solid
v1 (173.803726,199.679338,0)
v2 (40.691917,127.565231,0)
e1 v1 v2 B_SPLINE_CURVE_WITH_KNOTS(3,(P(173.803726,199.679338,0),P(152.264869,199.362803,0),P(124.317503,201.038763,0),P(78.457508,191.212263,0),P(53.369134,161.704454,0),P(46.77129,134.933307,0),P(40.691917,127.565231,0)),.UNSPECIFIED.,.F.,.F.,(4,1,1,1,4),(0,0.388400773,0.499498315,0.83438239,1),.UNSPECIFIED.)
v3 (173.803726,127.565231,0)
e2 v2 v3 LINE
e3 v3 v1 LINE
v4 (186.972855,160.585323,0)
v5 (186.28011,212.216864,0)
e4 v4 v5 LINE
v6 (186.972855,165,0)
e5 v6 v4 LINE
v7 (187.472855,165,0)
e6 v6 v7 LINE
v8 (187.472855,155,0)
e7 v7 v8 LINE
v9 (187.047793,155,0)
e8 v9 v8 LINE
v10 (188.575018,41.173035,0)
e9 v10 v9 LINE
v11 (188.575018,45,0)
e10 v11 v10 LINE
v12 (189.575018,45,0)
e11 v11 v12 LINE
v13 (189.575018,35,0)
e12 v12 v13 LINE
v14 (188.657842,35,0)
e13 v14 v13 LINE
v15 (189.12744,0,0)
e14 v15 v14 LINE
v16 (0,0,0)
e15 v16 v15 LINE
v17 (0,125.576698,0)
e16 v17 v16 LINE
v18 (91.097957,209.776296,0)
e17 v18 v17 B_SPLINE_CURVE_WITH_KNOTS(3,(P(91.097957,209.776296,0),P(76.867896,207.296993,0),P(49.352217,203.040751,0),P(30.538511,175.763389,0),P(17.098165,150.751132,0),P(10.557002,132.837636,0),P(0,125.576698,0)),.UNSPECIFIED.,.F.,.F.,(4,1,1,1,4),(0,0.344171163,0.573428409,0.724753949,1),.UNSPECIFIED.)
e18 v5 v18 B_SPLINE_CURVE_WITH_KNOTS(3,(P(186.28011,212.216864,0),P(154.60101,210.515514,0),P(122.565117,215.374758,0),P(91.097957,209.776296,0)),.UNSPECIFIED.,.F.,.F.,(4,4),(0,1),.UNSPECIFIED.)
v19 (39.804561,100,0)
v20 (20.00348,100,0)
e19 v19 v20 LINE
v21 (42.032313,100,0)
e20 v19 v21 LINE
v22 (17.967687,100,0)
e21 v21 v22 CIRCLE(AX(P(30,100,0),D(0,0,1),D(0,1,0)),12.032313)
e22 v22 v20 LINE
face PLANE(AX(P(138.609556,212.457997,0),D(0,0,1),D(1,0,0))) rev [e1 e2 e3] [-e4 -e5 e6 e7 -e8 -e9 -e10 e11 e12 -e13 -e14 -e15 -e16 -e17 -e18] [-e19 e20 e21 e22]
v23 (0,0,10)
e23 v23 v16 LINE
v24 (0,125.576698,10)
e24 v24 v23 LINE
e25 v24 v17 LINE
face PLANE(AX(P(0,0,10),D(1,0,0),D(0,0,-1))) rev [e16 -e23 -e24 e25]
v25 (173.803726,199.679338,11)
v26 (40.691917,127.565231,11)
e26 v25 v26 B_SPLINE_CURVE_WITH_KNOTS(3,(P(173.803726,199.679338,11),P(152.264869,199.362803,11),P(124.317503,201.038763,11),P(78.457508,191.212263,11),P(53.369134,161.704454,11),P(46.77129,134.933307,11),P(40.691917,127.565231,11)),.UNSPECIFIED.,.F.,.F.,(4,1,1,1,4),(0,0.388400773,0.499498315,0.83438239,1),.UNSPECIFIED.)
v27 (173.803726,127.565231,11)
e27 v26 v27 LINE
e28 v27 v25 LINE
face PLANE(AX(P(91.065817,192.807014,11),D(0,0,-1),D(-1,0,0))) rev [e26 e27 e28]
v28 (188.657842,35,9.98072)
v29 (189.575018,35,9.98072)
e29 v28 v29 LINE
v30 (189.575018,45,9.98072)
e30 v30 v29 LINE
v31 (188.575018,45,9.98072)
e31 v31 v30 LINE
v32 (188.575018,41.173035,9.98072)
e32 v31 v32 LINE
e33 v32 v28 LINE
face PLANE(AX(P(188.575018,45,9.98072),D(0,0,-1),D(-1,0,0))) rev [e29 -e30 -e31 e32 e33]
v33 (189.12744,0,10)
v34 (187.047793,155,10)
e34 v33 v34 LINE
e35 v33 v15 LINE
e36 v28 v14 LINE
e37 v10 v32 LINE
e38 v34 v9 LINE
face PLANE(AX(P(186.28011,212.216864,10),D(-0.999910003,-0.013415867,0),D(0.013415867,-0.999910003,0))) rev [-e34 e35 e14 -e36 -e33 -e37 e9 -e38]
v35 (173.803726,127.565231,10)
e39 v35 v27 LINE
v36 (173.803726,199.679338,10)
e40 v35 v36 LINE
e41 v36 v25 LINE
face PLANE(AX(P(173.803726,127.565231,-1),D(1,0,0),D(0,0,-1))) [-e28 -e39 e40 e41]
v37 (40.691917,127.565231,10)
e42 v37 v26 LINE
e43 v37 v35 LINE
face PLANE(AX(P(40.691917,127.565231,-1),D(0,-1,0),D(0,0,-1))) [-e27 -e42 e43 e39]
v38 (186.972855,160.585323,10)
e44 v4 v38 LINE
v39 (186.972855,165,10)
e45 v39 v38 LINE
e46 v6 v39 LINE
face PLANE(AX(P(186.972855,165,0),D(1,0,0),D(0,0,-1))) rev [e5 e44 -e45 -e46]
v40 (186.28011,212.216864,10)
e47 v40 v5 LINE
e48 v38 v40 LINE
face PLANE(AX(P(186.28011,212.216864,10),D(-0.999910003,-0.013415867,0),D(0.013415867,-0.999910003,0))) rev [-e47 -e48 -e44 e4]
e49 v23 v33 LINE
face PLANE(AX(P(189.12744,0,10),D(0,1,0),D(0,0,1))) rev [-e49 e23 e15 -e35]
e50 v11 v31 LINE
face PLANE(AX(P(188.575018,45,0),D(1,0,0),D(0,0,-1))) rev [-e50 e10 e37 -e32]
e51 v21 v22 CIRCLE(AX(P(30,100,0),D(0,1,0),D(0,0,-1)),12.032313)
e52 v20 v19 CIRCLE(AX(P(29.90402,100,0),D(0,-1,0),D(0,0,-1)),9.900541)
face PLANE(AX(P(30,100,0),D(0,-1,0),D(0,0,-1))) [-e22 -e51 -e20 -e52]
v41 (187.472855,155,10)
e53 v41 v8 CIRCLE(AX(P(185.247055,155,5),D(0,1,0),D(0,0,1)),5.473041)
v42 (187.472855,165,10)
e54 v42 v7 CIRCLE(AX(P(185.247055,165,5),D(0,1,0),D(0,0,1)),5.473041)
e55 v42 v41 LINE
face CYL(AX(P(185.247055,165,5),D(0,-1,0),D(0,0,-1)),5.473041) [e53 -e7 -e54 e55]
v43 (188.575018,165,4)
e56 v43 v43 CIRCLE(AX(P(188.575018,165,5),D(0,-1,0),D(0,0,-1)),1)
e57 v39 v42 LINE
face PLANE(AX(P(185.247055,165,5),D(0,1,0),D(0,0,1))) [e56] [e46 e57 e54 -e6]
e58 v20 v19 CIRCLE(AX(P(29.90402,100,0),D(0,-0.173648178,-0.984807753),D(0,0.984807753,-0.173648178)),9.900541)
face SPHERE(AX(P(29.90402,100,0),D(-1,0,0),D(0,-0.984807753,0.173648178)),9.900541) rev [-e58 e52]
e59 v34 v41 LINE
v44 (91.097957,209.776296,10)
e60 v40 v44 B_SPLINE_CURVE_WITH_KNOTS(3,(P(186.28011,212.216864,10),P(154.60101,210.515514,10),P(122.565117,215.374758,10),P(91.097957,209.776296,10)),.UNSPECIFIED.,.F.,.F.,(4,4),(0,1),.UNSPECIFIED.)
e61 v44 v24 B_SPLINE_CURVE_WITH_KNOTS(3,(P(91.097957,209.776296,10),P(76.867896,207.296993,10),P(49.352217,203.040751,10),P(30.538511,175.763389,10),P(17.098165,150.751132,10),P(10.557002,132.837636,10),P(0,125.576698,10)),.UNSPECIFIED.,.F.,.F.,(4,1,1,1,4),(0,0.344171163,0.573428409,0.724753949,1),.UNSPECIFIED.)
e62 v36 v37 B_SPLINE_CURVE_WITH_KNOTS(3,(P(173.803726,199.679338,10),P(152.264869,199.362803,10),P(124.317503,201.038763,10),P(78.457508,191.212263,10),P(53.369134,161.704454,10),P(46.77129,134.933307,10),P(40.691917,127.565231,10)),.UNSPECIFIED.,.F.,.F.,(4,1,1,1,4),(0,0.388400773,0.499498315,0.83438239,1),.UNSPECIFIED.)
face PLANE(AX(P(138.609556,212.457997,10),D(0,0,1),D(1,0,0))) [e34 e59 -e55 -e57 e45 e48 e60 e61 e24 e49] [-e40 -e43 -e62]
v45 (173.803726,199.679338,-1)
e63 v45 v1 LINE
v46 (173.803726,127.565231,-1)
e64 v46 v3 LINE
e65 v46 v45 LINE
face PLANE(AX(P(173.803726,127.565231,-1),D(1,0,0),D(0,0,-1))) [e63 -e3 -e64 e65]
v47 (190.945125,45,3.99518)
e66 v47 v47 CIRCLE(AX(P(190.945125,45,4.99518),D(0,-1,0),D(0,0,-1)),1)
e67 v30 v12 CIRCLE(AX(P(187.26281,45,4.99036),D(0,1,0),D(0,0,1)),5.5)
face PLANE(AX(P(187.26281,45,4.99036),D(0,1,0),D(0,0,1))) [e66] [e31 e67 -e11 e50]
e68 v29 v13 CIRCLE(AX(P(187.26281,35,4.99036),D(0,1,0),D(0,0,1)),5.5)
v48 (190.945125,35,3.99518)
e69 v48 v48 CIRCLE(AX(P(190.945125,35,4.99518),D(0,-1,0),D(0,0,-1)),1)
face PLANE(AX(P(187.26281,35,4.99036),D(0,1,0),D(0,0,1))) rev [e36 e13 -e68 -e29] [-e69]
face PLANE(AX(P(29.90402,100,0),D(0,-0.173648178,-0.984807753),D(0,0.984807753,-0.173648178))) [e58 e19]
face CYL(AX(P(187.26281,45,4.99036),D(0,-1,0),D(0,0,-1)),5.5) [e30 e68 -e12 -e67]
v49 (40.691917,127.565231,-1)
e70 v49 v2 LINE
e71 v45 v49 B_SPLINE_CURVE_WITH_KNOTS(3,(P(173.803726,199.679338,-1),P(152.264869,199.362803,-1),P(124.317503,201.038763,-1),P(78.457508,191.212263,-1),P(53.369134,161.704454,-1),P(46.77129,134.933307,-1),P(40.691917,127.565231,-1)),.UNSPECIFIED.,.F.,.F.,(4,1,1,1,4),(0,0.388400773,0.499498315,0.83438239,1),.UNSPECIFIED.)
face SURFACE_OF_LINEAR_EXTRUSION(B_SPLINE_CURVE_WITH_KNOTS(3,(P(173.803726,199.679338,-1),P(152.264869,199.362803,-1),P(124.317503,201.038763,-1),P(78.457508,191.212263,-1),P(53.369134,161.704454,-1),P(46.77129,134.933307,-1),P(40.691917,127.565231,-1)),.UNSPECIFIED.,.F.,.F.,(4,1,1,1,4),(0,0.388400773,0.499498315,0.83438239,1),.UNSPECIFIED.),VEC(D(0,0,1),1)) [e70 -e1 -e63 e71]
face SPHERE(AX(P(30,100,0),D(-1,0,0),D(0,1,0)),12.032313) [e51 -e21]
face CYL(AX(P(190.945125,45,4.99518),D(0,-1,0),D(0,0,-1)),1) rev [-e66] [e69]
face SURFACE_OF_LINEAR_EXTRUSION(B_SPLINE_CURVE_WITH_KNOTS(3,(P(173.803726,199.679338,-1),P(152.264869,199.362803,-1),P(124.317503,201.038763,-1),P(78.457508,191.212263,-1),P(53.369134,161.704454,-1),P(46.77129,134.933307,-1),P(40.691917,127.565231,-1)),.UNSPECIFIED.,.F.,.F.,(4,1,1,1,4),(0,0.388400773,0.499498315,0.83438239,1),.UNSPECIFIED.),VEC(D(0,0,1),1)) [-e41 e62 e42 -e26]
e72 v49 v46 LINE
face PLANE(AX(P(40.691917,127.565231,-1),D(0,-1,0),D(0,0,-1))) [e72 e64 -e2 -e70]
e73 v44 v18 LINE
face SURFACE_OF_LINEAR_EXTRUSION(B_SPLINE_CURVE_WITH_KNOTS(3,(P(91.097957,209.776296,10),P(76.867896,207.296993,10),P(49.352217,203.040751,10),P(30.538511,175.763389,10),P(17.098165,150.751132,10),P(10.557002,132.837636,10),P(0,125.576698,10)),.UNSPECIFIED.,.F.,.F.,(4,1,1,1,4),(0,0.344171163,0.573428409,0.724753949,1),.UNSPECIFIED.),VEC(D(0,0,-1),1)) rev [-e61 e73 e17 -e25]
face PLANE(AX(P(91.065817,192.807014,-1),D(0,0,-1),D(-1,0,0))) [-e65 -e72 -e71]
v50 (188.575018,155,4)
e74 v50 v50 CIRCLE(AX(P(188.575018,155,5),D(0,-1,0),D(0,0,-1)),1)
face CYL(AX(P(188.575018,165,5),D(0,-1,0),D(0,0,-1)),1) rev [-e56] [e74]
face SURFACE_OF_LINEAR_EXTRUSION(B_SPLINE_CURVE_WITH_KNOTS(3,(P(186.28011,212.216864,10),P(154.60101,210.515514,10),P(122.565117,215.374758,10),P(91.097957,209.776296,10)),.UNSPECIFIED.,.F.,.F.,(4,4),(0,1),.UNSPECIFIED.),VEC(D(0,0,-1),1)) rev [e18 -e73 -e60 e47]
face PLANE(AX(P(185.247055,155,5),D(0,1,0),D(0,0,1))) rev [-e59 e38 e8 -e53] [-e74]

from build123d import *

# Parameters (mm, degrees)
BOSS_EXTRUDE1_DEPTH      = 10
BOSS_EXTRUDE2_DEPTH      = 1
BOSS_EXTRUDE2_DEPTH_BACK = 11
BOSS_EXTRUDE3_DEPTH      = 5
BOSS_EXTRUDE3_DEPTH_BACK = 5
BOSS_EXTRUDE4_DEPTH      = 5
BOSS_EXTRUDE4_DEPTH_BACK = 5
SKETCH19_R               = 1
CUT_EXTRUDE3_DEPTH       = 10
SKETCH24_R               = 1
CUT_EXTRUDE4_DEPTH       = 10
REVOLVE2_ANGLE           = 90
CUT_REVOLVE4_ANGLE       = 80


with BuildPart() as part:
    # Sketch1 → Boss-Extrude1 (new body)
    with BuildSketch(Plane.XY):
        with BuildLine():
            Line((186.280110435, 212.216863761), (189.127439812, 0))
            Line((189.127439812, 0), (0, 0))
            Line((0, 0), (0, 125.576698411))
            add(Edge.make_bspline(
                [(0, 125.576698411), (10.557001905, 132.837635912), (17.098165485, 150.751131911), (30.538510921, 175.76338894), (49.352217031, 203.04075133), (76.867896029, 207.296992896), (91.097956951, 209.776295723)],
                knots=[0, 0, 0, 0, 0.275246051, 0.426571591, 0.655828837, 1, 1, 1, 1], degree=3))
            add(Edge.make_bspline(
                [(91.097956951, 209.776295723), (122.565116695, 215.374757588), (154.60100966, 210.515513687), (186.280110435, 212.216863761)],
                knots=[0, 0, 0, 0, 1, 1, 1, 1], degree=3))
        make_face()
    extrude(amount=BOSS_EXTRUDE1_DEPTH)

    # Sketch3 → Boss-Extrude2 (add, two sides: drawn at the far end of the back side and taken through both)
    with BuildSketch(Plane.XY.offset(10).offset(-BOSS_EXTRUDE2_DEPTH_BACK)):
        with BuildLine():
            Line((40.691917073, 127.565231362), (173.80372619, 127.565231362))
            Line((173.80372619, 127.565231362), (173.80372619, 199.679337801))
            add(Edge.make_bspline(
                [(40.691917073, 127.565231362), (46.771290341, 134.933306827), (53.369134393, 161.704453989), (78.457507643, 191.212262771), (124.31750344, 201.038762955), (152.264868916, 199.362802741), (173.80372619, 199.679337801)],
                knots=[0, 0, 0, 0, 0.16561761, 0.500501685, 0.611599227, 1, 1, 1, 1], degree=3))
        make_face()
    extrude(amount=BOSS_EXTRUDE2_DEPTH + BOSS_EXTRUDE2_DEPTH_BACK)

    # Sketch17 → Boss-Extrude3 (add, two sides: drawn at the far end of the back side and taken through both)
    with BuildSketch(Plane(origin=(0, 40, 0), x_dir=(-1, 0, 0), z_dir=(0, -1, 0)).offset(-BOSS_EXTRUDE3_DEPTH_BACK)):
        with BuildLine():
            Line((-188.57501815, 0), (-189.57501815, 0))
            ThreePointArc((-189.57501815, 0), (-192.762810227, -4.99036016), (-189.57501815, -9.98072032))
            Line((-189.57501815, -9.98072032), (-188.57501815, -9.98072032))
            Line((-188.57501815, -9.98072032), (-188.57501815, 0))
        make_face()
    extrude(amount=BOSS_EXTRUDE3_DEPTH + BOSS_EXTRUDE3_DEPTH_BACK)

    # Sketch18 → Boss-Extrude4 (add, two sides: drawn at the far end of the back side and taken through both)
    with BuildSketch(Plane(origin=(0, 160, 0), x_dir=(-1, 0, 0), z_dir=(0, -1, 0)).offset(-BOSS_EXTRUDE4_DEPTH_BACK)):
        with BuildLine():
            Line((-186.972854644, -10), (-187.472854644, -10))
            ThreePointArc((-187.472854644, -10), (-190.720096746, -5), (-187.472854644, 0))
            Line((-187.472854644, 0), (-186.972854644, 0))
            Line((-186.972854644, 0), (-186.972854644, -10))
        make_face()
    extrude(amount=BOSS_EXTRUDE4_DEPTH + BOSS_EXTRUDE4_DEPTH_BACK)

    # Sketch19 → Cut-Extrude3 (cut)
    with BuildSketch(Plane.XZ.offset(-155)):
        with Locations((188.57501815, 5)):
            Circle(SKETCH19_R)
    extrude(amount=-CUT_EXTRUDE3_DEPTH, mode=Mode.SUBTRACT)

    # Sketch24 → Cut-Extrude4 (cut)
    with BuildSketch(Plane.XZ.offset(-35)):
        with Locations((190.94512502, 4.99518008)):
            Circle(SKETCH24_R)
    extrude(amount=-CUT_EXTRUDE4_DEPTH, mode=Mode.SUBTRACT)

    # Sketch30 → Revolve2 (revolve)
    with BuildSketch(Plane(origin=(0, 100, 0), x_dir=(1, 0, 0), z_dir=(0, 1, 0))):
        with BuildLine():
            Line((17.967687334, 0), (42.032312666, 0))
            ThreePointArc((42.032312666, 0), (30, 12.032312666), (17.967687334, 0))
        make_face()
    revolve(axis=Axis((17.967687334, 100, 0), (1, 0, 0)), revolution_arc=REVOLVE2_ANGLE)

    # Sketch31 → Cut-Revolve4 (revolve, cut)
    with BuildSketch(Plane.XZ.offset(-100)):
        with BuildLine():
            Line((20.003479707, 0), (39.804560833, 0))
            ThreePointArc((39.804560833, 0), (29.90402027, -9.900540563), (20.003479707, 0))
        make_face()
    revolve(axis=Axis((20.003479707, 100, 0), (1, 0, 0)), revolution_arc=CUT_REVOLVE4_ANGLE, mode=Mode.SUBTRACT)


solid = part.part
